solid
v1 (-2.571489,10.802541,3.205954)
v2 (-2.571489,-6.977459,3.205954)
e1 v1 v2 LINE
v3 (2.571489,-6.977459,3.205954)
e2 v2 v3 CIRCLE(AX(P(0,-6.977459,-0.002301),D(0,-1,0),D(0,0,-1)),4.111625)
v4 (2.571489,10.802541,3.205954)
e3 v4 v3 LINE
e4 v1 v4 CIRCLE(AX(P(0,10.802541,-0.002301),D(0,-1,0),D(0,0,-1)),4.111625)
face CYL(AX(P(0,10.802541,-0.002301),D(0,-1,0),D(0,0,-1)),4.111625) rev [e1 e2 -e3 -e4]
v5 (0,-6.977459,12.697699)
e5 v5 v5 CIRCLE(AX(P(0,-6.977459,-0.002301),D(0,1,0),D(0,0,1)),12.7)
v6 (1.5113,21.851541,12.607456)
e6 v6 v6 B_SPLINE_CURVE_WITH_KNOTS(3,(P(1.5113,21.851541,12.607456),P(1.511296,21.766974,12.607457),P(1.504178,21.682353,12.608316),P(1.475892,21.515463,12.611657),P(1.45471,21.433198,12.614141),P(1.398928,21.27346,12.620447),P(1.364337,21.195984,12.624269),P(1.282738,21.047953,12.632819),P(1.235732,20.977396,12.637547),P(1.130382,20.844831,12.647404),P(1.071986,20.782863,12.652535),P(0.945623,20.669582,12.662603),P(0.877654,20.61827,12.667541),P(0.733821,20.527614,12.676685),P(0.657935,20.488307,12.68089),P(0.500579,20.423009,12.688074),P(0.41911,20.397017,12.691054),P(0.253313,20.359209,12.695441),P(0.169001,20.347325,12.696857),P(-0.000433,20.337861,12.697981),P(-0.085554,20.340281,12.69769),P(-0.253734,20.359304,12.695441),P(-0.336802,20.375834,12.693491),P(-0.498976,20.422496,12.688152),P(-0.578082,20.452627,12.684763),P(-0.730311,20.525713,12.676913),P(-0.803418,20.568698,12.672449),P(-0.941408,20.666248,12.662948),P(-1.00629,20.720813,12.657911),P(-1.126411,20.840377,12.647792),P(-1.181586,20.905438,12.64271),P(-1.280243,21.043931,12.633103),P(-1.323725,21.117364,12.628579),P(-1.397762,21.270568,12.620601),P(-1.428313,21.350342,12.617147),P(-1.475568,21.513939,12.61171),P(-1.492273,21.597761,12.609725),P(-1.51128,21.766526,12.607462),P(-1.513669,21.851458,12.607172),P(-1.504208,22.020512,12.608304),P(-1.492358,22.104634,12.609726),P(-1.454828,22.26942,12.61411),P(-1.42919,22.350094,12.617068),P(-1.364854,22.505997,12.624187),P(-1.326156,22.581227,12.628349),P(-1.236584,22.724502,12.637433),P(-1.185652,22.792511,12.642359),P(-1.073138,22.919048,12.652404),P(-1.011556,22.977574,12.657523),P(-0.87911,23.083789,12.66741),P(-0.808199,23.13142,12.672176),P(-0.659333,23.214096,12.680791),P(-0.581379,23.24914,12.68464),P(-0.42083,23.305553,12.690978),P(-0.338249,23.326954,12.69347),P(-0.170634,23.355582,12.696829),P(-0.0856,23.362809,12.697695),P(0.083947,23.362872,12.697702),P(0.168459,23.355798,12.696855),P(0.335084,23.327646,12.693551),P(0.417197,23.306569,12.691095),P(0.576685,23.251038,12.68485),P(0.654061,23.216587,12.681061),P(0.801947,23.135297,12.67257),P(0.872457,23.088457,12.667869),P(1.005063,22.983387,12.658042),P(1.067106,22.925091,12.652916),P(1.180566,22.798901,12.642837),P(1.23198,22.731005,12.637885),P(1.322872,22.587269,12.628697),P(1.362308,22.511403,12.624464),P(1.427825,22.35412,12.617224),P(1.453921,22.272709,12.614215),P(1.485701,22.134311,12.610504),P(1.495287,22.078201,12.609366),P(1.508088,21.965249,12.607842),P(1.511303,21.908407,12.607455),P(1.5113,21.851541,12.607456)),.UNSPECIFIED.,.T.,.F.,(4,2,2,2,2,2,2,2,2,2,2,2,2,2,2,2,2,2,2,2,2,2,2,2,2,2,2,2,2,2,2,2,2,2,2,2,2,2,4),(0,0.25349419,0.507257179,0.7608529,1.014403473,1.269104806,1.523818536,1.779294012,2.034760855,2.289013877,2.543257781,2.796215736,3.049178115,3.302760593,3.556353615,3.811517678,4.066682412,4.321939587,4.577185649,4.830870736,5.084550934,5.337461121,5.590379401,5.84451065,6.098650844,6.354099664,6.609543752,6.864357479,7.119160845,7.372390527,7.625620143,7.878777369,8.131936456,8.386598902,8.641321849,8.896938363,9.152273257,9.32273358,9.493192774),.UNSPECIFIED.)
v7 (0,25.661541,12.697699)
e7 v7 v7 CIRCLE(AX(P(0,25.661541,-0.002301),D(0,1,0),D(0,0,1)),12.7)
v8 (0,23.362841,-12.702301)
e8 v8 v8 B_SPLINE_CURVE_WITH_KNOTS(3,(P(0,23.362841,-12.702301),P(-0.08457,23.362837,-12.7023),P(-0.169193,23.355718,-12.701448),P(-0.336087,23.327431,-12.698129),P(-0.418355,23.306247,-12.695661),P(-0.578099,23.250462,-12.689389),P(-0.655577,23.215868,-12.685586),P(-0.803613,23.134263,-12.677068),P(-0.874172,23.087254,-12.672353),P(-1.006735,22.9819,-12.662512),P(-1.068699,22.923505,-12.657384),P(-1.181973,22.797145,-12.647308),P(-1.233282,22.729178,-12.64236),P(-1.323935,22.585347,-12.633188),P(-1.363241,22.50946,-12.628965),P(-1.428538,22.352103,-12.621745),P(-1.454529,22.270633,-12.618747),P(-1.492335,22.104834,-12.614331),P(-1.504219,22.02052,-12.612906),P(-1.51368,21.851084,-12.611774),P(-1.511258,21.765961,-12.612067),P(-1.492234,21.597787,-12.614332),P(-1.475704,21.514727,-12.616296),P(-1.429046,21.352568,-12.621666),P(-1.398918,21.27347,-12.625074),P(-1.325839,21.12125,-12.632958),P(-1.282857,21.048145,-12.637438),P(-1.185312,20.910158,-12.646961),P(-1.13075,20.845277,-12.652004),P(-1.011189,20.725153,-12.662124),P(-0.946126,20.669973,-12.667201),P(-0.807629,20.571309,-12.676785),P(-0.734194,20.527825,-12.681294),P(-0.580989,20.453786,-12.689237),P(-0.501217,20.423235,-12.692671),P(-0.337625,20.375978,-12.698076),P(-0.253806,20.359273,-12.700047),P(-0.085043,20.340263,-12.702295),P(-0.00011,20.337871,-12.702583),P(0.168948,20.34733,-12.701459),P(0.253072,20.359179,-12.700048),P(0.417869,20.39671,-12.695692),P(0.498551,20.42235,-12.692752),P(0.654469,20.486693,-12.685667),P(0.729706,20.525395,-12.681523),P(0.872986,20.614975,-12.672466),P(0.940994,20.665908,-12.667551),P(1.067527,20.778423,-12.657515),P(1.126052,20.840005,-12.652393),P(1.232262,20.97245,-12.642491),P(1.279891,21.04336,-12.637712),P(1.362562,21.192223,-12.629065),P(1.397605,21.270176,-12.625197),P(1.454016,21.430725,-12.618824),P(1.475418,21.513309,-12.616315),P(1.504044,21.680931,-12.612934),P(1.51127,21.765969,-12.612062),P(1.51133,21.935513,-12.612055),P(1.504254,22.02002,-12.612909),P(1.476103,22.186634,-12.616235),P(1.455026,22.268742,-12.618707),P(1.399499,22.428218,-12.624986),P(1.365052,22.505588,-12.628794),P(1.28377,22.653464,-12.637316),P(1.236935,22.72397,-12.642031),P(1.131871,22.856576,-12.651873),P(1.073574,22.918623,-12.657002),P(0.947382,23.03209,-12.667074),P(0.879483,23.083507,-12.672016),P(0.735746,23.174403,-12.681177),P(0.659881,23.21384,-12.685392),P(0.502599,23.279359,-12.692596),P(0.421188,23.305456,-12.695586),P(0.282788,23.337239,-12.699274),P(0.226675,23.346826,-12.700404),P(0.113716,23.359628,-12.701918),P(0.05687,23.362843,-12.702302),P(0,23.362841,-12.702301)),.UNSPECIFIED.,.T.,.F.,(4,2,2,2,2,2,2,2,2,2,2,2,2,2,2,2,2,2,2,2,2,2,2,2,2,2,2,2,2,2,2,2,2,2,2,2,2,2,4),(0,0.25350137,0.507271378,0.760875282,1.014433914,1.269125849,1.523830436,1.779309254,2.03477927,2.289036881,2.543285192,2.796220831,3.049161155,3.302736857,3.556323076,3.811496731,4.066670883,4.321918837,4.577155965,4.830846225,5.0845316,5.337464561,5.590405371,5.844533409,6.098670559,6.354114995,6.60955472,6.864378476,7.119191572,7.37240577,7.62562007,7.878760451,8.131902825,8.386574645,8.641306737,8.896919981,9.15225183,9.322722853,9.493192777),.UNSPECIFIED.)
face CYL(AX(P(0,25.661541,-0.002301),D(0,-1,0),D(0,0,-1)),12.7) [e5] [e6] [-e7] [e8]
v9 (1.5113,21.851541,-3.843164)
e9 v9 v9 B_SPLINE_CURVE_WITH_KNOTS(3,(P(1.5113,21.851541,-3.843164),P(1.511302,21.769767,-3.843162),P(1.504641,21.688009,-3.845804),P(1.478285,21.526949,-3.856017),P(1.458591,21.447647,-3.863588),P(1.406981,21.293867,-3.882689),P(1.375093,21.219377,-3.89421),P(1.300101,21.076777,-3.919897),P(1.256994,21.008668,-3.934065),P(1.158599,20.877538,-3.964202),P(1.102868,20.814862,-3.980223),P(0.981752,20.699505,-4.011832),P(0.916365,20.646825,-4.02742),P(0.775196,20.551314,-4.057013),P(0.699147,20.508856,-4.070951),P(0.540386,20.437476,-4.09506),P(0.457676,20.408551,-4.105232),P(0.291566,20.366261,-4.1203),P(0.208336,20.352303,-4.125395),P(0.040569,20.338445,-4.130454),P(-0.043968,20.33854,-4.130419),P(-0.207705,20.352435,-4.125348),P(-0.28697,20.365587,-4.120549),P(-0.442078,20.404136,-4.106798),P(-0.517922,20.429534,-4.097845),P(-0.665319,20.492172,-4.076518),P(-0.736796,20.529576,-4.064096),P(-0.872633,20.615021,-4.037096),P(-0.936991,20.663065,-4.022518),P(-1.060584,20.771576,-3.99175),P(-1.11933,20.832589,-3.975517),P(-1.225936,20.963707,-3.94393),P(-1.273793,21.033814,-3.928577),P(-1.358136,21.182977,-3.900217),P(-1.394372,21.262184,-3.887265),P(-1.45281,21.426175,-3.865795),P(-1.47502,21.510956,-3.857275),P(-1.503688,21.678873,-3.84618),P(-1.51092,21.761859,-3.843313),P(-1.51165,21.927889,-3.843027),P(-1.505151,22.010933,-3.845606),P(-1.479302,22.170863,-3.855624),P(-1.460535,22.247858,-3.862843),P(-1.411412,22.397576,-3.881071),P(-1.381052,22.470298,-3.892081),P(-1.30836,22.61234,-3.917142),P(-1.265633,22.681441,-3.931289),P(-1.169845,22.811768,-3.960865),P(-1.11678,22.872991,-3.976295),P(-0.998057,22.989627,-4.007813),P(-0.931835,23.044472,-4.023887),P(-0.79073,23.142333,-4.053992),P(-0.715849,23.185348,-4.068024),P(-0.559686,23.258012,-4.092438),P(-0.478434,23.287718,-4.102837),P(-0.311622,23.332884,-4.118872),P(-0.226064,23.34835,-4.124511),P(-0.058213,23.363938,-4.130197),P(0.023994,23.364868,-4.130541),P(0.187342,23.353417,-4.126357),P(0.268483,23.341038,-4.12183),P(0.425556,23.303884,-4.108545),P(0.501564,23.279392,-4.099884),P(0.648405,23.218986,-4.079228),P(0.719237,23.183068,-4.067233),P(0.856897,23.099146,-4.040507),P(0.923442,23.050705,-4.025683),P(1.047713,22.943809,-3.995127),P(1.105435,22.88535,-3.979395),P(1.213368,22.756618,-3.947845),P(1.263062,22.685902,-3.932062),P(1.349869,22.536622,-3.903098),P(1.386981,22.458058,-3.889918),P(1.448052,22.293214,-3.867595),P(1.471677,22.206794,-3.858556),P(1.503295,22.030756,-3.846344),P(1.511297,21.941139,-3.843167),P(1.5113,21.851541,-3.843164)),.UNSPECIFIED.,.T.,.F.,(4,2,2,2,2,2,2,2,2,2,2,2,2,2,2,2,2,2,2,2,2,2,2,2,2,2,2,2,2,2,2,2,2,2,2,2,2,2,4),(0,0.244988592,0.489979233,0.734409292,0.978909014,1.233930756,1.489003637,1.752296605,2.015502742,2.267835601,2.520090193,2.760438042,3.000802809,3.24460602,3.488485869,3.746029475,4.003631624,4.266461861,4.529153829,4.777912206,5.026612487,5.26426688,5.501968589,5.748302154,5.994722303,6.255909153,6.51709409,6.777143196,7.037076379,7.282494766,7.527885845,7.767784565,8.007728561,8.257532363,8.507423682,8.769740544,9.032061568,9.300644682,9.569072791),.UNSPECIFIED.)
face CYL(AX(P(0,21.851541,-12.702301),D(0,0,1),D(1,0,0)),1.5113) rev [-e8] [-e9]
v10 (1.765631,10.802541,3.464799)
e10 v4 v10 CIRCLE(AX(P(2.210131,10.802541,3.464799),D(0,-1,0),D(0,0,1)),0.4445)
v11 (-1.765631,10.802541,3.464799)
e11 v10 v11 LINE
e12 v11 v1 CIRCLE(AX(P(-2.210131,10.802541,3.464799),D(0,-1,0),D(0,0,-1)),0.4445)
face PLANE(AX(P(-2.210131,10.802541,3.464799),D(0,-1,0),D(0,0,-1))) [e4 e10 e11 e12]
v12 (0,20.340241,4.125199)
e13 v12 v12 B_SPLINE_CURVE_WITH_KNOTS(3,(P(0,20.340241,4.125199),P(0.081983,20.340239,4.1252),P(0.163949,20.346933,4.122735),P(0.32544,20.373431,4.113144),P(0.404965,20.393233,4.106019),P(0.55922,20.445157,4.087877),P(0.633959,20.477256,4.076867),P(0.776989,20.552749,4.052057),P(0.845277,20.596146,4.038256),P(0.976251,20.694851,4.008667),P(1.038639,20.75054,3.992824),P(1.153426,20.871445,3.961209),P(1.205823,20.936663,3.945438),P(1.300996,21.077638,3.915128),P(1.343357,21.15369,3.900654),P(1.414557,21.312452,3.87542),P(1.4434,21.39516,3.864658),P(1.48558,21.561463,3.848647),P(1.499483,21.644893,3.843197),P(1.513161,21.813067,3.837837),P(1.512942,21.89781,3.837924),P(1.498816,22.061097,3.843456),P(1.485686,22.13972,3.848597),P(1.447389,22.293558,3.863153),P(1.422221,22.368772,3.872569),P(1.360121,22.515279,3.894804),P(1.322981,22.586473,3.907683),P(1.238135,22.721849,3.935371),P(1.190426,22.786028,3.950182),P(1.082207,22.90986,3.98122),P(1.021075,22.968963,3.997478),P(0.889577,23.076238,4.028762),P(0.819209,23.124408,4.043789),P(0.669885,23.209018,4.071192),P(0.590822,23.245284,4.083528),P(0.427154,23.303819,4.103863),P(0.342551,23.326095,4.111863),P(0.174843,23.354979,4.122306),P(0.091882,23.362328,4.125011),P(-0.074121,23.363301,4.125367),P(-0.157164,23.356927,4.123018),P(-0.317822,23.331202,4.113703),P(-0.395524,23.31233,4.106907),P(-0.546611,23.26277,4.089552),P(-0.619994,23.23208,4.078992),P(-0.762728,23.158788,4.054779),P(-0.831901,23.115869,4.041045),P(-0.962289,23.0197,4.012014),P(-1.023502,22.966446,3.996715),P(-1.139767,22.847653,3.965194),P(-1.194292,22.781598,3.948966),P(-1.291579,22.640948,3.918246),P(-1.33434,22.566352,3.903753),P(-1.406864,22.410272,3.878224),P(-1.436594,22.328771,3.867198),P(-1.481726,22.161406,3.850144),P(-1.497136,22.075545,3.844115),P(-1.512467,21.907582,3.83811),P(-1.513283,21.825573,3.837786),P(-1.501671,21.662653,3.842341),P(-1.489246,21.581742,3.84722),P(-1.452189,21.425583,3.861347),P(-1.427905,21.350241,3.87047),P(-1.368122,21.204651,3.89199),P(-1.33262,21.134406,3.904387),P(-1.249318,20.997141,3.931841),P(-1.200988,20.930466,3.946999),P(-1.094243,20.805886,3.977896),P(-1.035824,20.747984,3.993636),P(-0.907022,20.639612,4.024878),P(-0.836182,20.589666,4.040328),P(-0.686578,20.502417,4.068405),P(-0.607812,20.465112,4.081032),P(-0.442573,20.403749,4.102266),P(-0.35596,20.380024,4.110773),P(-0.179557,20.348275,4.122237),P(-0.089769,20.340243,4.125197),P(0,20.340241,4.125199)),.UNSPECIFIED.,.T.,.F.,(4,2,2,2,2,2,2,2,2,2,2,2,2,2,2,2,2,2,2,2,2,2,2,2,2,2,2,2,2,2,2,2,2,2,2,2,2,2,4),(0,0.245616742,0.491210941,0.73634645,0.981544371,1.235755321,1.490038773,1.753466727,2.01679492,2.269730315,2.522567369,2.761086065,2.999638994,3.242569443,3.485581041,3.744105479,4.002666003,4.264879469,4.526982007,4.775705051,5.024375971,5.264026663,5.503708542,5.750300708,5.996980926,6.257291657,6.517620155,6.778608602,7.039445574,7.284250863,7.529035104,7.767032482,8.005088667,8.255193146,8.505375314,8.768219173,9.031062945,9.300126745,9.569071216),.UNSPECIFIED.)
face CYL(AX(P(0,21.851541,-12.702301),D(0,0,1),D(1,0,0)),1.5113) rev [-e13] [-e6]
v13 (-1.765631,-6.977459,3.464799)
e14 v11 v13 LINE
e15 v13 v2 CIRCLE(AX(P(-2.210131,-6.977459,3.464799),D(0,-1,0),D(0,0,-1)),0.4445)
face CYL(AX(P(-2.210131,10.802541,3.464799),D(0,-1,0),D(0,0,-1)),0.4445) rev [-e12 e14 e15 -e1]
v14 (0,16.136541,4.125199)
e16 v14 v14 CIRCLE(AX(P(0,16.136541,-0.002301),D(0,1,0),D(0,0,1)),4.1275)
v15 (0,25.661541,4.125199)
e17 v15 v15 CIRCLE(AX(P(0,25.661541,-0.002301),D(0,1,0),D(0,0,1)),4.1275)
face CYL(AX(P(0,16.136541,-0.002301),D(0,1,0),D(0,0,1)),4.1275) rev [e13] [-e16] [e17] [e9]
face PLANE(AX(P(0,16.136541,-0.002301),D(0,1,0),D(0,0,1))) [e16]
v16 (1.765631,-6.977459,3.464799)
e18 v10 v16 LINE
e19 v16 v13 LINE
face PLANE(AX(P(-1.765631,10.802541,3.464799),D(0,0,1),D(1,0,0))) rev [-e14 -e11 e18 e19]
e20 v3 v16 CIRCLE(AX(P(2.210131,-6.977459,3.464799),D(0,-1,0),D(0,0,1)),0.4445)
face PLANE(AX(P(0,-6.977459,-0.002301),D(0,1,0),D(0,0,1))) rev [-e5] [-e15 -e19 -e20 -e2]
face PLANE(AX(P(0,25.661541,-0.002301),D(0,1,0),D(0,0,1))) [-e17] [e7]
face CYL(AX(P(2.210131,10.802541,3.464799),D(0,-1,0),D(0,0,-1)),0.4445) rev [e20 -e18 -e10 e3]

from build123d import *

# Parameters (mm, degrees)
SKETCH1_R           = 7.257142857
BOSS_EXTRUDE1_DEPTH = 18.650857143
SKETCH2_R           = 2.358571483
CUT_EXTRUDE1_DEPTH  = 5.442857143
CUT_EXTRUDE2_DEPTH  = 10.16
SKETCH4_R           = 0.8636
CUT_EXTRUDE3_DEPTH  = 15.514285714
SCALE1_SCALE        = 1.75


with BuildPart() as part:
    # Sketch1 → Boss-Extrude1 (new body)
    with BuildSketch(Plane(origin=(0, 0, 0), x_dir=(1, 0, 0), z_dir=(0, 1, 0))):
        Circle(SKETCH1_R)
    extrude(amount=BOSS_EXTRUDE1_DEPTH)

    # Sketch2 → Cut-Extrude1 (cut)
    with BuildSketch(Plane(origin=(0, 18.650857143, 0), x_dir=(1, 0, 0), z_dir=(0, 1, 0))):
        Circle(SKETCH2_R)
    extrude(amount=-CUT_EXTRUDE1_DEPTH, mode=Mode.SUBTRACT)

    # Sketch3 → Cut-Extrude2 (cut)
    with BuildSketch(Plane.XZ):
        with BuildLine():
            Line((-1.008931831, 1.9812), (1.008931831, 1.9812))
            ThreePointArc((1.008931831, 1.9812), (1.340608786, 2.22303112), (1.469422309, 1.833288937))
            ThreePointArc((1.469422309, 1.833288937), (0, -2.3495), (-1.469422309, 1.833288937))
            ThreePointArc((-1.469422309, 1.833288937), (-1.340608786, 2.22303112), (-1.008931831, 1.9812))
        make_face()
    extrude(amount=-CUT_EXTRUDE2_DEPTH, mode=Mode.SUBTRACT)

    # Sketch4 → Cut-Extrude3 (cut, through all)
    with BuildSketch(Plane.XY.offset(7.257142857)):
        with Locations((0, 16.473714177)):
            Circle(SKETCH4_R)
    extrude(amount=-CUT_EXTRUDE3_DEPTH, mode=Mode.SUBTRACT)


with BuildPart() as part_1:
    # Scale1: scaled about (-4.09e-06, 9.303254996, 0.003077039)
    add(part.part.scale(SCALE1_SCALE).moved(Location((3.067e-06, -6.977441247, -0.002307779))))


solid = part_1.part
